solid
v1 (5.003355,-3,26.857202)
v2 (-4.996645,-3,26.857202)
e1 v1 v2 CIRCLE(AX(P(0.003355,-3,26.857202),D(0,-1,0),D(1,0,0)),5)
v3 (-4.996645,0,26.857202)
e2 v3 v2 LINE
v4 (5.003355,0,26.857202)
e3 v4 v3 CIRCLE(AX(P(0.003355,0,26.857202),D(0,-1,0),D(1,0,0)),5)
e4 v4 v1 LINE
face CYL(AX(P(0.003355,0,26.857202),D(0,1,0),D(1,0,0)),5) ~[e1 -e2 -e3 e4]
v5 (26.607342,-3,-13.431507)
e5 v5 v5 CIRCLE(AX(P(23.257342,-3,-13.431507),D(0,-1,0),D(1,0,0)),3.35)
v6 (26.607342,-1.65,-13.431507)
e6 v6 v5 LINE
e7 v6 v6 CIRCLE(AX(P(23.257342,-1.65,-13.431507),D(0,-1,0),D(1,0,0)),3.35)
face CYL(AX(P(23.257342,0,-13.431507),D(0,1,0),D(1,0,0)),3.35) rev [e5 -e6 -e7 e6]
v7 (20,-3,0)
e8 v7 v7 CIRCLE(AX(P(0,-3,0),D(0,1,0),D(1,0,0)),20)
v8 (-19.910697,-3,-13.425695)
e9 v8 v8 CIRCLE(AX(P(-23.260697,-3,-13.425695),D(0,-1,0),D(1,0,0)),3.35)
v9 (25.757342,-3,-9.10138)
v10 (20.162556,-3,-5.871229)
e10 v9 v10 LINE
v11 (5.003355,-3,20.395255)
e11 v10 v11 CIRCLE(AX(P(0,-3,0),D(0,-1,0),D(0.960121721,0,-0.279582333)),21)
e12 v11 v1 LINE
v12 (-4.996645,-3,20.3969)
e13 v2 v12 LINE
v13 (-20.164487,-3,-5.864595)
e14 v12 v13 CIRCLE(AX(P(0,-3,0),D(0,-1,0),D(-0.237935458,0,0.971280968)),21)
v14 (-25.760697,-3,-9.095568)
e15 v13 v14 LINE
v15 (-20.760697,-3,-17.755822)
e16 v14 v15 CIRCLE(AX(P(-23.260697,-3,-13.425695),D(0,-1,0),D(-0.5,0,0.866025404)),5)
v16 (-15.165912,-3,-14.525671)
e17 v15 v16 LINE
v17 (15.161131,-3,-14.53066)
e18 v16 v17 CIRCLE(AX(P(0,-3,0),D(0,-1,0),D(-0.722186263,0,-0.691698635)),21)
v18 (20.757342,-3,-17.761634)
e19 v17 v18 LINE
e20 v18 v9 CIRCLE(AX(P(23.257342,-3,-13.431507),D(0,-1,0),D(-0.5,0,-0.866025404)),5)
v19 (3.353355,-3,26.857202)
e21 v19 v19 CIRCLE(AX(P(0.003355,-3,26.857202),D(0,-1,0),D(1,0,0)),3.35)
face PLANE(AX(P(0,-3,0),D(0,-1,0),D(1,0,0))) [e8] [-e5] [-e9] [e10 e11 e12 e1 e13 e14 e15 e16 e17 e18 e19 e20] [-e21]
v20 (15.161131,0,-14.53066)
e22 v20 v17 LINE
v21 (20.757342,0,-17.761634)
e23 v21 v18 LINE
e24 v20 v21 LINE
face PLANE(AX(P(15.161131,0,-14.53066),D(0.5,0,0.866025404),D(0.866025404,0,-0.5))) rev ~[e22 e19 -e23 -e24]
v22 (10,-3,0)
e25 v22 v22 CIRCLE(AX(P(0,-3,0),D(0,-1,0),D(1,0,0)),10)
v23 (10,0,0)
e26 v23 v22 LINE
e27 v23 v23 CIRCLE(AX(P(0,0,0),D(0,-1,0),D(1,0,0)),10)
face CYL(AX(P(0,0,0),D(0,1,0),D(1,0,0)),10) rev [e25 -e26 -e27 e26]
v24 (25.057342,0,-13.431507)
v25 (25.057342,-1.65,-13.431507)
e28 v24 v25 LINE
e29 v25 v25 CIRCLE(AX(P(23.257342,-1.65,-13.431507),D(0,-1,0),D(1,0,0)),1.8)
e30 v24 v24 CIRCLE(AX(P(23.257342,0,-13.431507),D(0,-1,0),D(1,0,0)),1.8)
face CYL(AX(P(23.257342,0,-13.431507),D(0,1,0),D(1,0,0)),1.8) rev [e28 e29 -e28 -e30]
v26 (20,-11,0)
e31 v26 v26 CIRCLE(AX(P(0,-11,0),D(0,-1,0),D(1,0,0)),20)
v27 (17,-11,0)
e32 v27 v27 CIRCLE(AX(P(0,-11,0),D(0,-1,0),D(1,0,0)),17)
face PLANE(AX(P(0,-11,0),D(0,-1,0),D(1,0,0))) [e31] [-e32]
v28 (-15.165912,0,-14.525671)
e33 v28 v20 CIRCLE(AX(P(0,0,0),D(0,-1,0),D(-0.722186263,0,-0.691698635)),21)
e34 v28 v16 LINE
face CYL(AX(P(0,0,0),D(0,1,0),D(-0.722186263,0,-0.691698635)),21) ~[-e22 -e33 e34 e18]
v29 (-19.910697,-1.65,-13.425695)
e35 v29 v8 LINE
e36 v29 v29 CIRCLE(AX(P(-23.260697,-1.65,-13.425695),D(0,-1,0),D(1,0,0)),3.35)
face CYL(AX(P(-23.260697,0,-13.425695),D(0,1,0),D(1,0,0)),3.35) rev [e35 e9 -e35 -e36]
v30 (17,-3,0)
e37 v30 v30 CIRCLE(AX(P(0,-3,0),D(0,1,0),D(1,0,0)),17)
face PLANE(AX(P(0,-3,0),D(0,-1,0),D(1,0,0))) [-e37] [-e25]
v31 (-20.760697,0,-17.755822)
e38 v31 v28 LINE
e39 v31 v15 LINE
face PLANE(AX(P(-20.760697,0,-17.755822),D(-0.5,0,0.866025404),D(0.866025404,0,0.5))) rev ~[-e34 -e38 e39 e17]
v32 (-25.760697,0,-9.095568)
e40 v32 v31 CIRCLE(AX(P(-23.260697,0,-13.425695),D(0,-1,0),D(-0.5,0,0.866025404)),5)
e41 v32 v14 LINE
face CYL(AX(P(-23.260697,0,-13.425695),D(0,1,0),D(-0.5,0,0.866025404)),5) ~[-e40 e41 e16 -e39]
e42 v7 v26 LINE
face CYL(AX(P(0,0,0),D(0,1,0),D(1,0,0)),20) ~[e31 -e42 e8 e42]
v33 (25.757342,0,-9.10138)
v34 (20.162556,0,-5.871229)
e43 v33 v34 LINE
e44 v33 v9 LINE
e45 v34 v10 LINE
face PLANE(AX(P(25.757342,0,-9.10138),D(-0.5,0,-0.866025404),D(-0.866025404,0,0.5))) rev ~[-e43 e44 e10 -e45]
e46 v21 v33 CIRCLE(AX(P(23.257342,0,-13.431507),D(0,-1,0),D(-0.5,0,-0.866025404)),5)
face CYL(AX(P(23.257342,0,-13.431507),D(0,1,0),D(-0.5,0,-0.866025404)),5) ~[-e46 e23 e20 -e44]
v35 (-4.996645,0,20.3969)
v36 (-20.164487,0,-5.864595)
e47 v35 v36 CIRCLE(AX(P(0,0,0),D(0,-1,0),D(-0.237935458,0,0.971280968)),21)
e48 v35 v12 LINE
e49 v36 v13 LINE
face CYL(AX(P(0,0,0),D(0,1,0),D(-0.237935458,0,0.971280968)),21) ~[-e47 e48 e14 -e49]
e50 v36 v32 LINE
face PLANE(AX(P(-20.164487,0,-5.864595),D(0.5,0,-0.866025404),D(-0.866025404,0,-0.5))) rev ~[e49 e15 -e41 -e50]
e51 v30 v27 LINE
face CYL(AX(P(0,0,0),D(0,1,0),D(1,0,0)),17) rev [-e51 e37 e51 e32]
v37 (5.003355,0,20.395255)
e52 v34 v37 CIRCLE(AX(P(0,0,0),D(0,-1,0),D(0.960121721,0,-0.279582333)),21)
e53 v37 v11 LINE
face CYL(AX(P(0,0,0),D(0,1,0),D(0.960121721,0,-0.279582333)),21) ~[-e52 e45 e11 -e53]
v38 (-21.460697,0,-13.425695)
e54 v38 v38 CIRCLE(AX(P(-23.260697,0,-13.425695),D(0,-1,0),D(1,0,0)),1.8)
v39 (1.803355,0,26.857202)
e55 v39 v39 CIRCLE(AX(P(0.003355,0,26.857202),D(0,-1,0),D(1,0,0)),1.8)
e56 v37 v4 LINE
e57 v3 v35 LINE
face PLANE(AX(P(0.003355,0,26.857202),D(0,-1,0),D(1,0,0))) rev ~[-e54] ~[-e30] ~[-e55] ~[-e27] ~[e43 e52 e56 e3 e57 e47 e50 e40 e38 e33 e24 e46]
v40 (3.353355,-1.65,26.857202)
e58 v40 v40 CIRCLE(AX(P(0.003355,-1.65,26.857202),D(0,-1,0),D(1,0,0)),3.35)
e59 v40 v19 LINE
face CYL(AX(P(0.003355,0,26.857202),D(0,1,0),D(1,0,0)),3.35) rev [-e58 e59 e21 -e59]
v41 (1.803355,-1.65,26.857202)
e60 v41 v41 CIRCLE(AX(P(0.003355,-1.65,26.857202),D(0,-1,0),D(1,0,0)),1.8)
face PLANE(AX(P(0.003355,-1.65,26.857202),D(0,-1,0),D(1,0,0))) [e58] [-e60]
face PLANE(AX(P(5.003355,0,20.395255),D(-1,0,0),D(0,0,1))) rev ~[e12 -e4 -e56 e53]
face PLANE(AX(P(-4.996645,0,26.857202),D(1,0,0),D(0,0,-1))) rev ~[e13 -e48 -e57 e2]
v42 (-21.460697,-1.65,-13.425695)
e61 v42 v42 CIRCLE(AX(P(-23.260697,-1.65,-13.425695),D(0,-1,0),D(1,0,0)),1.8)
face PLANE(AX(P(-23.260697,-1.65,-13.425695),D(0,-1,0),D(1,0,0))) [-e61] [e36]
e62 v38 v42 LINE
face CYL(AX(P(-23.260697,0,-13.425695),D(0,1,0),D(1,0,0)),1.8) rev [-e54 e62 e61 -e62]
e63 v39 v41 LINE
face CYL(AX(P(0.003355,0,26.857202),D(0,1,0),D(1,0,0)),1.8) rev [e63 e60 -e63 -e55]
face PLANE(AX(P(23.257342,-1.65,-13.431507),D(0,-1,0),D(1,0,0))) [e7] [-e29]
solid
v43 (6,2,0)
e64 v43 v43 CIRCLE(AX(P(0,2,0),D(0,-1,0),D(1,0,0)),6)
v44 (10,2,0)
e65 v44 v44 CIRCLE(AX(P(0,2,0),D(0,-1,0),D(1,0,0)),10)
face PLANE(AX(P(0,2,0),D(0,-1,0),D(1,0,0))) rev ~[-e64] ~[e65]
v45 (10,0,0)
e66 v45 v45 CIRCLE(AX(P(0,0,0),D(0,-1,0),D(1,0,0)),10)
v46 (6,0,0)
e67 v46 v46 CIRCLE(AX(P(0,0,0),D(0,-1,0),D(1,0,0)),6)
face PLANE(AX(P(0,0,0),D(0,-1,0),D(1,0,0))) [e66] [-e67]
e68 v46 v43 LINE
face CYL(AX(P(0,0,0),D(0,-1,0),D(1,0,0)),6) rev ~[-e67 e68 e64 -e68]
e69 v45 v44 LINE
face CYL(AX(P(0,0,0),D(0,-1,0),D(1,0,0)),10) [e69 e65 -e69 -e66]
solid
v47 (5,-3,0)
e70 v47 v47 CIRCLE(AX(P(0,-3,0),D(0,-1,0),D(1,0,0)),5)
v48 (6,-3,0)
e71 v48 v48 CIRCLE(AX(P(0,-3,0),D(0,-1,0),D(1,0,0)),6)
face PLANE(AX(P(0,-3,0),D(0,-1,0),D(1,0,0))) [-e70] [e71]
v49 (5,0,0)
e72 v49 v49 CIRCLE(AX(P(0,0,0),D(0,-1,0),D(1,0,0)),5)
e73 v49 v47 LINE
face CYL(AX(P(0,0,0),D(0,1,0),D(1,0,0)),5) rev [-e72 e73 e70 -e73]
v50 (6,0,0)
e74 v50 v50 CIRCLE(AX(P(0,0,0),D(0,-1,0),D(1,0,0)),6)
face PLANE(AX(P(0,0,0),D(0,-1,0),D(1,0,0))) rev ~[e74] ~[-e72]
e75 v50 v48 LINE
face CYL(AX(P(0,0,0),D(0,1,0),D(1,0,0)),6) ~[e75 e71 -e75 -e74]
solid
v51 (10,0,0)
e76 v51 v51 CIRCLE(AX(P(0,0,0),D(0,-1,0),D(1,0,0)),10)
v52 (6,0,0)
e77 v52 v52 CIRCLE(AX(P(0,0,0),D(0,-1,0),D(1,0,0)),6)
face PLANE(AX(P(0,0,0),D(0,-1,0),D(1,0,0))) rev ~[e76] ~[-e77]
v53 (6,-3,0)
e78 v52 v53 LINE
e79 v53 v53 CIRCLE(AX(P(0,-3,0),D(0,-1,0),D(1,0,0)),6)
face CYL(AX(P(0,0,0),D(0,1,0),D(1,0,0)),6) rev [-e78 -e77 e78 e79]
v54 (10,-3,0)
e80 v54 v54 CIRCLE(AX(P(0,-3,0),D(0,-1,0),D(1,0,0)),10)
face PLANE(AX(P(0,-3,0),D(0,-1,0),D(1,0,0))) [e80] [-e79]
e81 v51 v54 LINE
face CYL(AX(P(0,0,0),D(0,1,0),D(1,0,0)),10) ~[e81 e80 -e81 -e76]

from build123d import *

# Parameters (mm, degrees)
F0_R     = 3.35
F0_R_2   = 20
F0_R_3   = 17
F0_R_4   = 10
F1_DEPTH = 3
F0_R_5   = 6
F0_R_6   = 5
F2_DEPTH = 11
F0_R_7   = 1.8
F3_DEPTH = 1.65
F4_DEPTH = 2
F5_DEPTH = 3


with BuildPart() as f1:
    # F0 (on Front) → F1 (new body)
    with BuildSketch(Plane.XZ):
        with BuildLine():
            Line((-4.9966446176, 26.8572020554), (-4.9966446176, 20.3969003176))
            ThreePointArc((-4.9966446176, 20.3969003176), (-18.1848058662, 10.5029917456), (-20.1644868163, -5.8645947376))
            Line((-20.1644868163, -5.8645947376), (-25.7606969458, -9.0955681624))
            ThreePointArc((-25.7606969458, -9.0955681624), (-27.5908239647, -15.9256951813), (-20.7606969458, -17.7558222002))
            Line((-20.7606969458, -17.7558222002), (-15.1659115247, -14.5256713313))
            ThreePointArc((-15.1659115247, -14.5256713313), (-0.0034547343, -20.9999997158), (15.1611314338, -14.5306604683))
            Line((15.1611314338, -14.5306604683), (20.7573415633, -17.7616338931))
            ThreePointArc((20.7573415633, -17.7616338931), (27.5874685823, -15.9315068741), (25.7573415633, -9.1013798552))
            Line((25.7573415633, -9.1013798552), (20.1625561423, -5.8712289863))
            ThreePointArc((20.1625561423, -5.8712289863), (18.1882606005, 10.4970079702), (5.0033553824, 20.395255206))
            Line((5.0033553824, 20.395255206), (5.0033553824, 26.8572020554))
            ThreePointArc((5.0033553824, 26.8572020554), (0.0033553824, 31.8572020554), (-4.9966446176, 26.8572020554))
        make_face()
        with Locations((-23.2606969458, -13.4256951813)):
            Circle(F0_R, mode=Mode.SUBTRACT)
        with Locations((23.2573415633, -13.4315068741)):
            Circle(F0_R, mode=Mode.SUBTRACT)
        Circle(F0_R_2, mode=Mode.SUBTRACT)
        with Locations((0.0033553824, 26.8572020554)):
            Circle(F0_R, mode=Mode.SUBTRACT)
        Circle(F0_R_2)
        Circle(F0_R_3, mode=Mode.SUBTRACT)
        Circle(F0_R_3)
        Circle(F0_R_4, mode=Mode.SUBTRACT)
    extrude(amount=F1_DEPTH)

    # F0 (on Front) → F2 (join)
    with BuildSketch(Plane.XZ):
        Circle(F0_R_2)
        Circle(F0_R_3, mode=Mode.SUBTRACT)
    extrude(amount=F2_DEPTH)

    # F0 (on Front) → F3 (join)
    with BuildSketch(Plane.XZ):
        with Locations((0.0033553824, 26.8572020554)):
            Circle(F0_R)
        with Locations((0.0033553824, 26.8572020554)):
            Circle(F0_R_7, mode=Mode.SUBTRACT)
        with Locations((23.2573415633, -13.4315068741)):
            Circle(F0_R)
        with Locations((23.2573415633, -13.4315068741)):
            Circle(F0_R_7, mode=Mode.SUBTRACT)
        with Locations((-23.2606969458, -13.4256951813)):
            Circle(F0_R)
        with Locations((-23.2606969458, -13.4256951813)):
            Circle(F0_R_7, mode=Mode.SUBTRACT)
    extrude(amount=F3_DEPTH)


with BuildPart() as f1b:
    # F0 (on Front) → F1, piece 2 (new body)
    with BuildSketch(Plane.XZ):
        Circle(F0_R_5)
        Circle(F0_R_6, mode=Mode.SUBTRACT)
    extrude(amount=F1_DEPTH)


with BuildPart() as f4:
    # F0 (on Front) → F4 (new body)
    with BuildSketch(Plane.XZ):
        Circle(F0_R_4)
        Circle(F0_R_5, mode=Mode.SUBTRACT)
    extrude(amount=-F4_DEPTH)


with BuildPart() as f5:
    # F5 (new): a face of the model
    f5_faces = [f4.part.faces().sort_by_distance(p)[0] for p in [
        (-9.7171572875, 0, 0),
    ]]
    extrude(f5_faces, amount=F5_DEPTH)


solid = Compound([f1.part, f1b.part, f4.part, f5.part])
